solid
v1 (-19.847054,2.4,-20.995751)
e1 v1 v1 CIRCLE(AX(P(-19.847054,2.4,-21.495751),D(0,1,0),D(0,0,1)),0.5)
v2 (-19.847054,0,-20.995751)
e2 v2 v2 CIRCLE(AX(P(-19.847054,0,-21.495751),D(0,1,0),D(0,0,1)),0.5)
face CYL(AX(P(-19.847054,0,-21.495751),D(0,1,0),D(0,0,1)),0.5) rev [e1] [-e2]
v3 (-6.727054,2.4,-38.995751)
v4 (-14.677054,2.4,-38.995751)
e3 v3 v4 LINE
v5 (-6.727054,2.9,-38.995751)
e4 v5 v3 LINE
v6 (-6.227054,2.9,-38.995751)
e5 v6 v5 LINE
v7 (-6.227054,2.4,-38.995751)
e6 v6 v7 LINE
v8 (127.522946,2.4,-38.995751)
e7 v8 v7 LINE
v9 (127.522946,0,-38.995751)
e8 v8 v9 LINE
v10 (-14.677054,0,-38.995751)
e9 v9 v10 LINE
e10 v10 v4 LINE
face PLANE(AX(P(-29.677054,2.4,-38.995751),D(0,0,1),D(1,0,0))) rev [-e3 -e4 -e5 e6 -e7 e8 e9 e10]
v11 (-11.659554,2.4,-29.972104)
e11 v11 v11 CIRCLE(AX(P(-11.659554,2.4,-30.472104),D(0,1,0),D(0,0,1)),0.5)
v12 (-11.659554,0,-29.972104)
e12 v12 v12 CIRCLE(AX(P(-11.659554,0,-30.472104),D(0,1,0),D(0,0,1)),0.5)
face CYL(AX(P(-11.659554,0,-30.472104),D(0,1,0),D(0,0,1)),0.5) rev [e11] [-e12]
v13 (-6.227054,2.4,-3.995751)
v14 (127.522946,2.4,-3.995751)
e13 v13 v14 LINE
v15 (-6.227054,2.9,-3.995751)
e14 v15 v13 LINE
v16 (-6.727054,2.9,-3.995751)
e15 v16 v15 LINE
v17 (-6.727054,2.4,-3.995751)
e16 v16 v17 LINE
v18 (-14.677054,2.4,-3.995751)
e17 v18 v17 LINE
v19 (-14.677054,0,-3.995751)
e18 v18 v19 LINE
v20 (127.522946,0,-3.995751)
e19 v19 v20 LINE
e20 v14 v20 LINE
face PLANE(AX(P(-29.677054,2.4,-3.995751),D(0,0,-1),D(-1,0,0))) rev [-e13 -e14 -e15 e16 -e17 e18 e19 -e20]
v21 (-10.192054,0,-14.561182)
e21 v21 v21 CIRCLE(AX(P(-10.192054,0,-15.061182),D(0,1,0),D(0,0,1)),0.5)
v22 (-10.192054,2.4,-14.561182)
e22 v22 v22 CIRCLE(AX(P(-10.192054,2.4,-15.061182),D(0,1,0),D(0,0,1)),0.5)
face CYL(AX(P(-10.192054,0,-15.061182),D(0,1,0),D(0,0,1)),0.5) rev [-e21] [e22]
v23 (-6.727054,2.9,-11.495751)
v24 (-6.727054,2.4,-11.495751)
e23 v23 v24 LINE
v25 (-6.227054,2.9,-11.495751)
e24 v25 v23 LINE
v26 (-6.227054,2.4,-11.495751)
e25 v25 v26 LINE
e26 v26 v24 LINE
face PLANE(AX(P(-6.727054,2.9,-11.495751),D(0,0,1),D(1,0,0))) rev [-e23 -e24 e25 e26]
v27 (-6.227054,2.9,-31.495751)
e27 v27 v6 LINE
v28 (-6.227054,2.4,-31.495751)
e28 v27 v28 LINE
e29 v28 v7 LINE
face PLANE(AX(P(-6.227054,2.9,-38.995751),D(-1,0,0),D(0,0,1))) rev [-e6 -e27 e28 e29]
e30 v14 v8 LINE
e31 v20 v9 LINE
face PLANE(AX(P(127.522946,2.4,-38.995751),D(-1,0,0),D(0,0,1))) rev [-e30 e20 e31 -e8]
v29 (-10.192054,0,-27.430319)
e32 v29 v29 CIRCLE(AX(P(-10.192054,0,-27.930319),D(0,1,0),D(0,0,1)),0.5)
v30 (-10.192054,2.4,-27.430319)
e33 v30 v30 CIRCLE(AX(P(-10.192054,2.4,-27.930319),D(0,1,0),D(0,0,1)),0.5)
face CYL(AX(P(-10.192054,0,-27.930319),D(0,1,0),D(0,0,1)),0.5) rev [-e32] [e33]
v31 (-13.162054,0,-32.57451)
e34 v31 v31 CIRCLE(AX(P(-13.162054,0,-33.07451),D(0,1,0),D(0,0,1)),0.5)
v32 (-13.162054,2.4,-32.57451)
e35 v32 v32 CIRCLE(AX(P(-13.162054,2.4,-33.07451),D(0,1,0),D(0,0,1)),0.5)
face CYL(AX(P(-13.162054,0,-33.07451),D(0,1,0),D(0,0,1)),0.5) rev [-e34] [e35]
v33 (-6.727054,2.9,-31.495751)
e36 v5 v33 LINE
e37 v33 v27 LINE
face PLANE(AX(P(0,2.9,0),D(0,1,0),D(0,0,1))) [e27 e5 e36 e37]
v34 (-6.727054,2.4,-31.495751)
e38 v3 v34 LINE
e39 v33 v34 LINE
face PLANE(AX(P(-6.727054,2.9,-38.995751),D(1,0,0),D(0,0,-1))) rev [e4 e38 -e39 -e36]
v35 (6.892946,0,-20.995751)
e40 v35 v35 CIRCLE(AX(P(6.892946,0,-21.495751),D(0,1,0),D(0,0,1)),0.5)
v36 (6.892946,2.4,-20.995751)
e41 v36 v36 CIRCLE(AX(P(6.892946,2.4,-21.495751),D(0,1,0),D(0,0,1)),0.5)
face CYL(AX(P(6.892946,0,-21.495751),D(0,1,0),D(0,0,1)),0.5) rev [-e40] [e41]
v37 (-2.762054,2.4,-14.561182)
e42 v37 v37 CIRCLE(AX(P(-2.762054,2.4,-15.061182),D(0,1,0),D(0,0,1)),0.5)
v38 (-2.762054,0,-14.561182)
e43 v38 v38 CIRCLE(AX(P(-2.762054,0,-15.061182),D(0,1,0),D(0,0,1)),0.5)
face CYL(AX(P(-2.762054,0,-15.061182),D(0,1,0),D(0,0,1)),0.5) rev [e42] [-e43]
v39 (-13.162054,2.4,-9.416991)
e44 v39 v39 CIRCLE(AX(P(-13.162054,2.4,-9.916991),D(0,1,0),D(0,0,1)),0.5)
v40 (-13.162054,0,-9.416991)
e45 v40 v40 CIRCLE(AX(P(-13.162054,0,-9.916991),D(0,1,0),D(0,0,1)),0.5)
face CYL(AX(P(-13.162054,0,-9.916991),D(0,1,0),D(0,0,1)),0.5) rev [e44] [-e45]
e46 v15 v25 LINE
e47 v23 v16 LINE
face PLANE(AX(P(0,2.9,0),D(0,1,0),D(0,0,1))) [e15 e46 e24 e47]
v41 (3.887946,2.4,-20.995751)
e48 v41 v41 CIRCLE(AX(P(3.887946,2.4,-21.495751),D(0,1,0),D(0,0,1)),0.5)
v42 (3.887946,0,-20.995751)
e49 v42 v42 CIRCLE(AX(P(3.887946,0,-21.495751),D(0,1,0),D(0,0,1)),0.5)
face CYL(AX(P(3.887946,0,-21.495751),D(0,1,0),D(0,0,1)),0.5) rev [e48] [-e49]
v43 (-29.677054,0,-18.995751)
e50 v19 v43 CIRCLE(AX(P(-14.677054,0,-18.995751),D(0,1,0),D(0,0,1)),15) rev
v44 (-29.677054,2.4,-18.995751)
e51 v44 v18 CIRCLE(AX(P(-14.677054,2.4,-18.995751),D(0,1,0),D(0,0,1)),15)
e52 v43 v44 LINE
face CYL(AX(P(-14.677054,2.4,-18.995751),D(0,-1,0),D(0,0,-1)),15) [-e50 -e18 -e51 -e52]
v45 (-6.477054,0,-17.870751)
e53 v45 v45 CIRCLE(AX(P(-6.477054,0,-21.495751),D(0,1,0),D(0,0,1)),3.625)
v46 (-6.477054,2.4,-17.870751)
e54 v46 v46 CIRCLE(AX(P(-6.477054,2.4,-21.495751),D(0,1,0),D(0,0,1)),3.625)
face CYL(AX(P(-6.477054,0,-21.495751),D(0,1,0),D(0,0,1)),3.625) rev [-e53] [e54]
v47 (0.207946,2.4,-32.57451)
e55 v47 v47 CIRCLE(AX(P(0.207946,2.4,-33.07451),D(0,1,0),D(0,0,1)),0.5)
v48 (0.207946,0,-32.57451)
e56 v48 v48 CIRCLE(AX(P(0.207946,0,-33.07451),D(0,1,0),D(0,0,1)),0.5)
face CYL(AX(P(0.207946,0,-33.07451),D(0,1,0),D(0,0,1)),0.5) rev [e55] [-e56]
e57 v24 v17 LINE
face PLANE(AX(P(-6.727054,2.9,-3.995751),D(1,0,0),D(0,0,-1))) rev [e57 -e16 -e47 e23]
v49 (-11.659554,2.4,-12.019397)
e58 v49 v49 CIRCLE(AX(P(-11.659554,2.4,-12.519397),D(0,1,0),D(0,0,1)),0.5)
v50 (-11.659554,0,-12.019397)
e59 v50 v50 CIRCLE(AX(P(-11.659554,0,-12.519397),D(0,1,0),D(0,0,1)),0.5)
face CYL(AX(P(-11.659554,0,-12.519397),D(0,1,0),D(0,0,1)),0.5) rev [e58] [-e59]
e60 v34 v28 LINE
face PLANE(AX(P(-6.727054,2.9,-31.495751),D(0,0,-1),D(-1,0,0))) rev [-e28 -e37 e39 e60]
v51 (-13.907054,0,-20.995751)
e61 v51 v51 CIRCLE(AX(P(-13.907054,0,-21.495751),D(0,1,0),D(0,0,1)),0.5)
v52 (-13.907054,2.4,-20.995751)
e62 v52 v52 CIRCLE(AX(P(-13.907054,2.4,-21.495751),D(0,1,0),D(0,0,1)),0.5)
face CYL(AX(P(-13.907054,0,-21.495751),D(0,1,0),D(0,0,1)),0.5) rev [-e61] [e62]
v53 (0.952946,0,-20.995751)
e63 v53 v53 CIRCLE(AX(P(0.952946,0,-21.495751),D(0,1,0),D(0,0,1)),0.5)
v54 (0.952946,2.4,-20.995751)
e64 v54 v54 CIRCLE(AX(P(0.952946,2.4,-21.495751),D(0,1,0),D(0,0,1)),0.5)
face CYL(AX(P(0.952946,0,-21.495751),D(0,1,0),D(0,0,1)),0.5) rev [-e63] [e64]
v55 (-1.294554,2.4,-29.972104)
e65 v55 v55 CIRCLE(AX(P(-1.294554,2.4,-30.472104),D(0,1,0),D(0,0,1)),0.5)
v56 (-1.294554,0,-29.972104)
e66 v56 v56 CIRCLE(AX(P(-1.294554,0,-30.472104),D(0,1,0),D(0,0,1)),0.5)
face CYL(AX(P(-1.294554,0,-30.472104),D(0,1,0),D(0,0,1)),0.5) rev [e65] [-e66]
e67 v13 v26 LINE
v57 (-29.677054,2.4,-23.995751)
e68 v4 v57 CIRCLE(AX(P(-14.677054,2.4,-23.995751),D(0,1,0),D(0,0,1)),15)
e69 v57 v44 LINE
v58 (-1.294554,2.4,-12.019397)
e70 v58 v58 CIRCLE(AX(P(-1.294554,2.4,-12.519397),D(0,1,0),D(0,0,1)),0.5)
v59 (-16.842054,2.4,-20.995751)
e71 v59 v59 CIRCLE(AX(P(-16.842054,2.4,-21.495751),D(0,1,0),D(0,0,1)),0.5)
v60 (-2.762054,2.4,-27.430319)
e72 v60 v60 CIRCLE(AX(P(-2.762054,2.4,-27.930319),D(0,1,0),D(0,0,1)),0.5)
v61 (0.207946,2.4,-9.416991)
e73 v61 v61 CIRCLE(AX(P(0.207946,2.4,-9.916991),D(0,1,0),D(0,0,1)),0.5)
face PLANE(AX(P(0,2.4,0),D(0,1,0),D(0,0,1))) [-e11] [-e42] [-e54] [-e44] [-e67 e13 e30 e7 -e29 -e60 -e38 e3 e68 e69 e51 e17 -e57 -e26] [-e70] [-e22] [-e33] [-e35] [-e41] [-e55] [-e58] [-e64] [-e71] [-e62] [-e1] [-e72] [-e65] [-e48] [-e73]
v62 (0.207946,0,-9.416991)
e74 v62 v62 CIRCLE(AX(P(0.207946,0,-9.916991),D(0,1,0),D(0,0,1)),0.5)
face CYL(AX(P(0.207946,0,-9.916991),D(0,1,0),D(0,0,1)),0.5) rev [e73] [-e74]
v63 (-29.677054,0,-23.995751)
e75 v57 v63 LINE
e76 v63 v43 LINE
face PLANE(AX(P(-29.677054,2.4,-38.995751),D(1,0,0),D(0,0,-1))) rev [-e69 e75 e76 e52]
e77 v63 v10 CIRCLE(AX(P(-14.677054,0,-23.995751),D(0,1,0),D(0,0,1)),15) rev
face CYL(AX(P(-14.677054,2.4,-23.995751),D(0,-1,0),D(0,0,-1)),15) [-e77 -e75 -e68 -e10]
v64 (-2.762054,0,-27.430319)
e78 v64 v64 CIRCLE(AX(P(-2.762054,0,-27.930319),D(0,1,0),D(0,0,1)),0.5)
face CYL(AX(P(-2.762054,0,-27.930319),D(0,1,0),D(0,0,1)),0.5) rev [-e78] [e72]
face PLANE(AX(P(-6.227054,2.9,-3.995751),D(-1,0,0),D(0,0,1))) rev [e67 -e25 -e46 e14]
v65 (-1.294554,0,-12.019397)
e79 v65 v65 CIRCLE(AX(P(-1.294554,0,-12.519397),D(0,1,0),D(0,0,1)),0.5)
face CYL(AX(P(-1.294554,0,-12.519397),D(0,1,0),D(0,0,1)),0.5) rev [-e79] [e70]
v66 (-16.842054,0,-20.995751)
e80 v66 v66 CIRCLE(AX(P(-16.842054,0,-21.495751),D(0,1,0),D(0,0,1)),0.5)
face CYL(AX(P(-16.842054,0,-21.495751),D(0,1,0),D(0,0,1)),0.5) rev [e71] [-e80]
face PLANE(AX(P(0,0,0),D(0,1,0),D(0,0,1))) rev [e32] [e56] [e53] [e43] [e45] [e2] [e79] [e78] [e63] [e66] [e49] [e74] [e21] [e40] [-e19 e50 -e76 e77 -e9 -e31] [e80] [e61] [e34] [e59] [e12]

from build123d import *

# Parameters (mm, degrees)
SKETCH1_W           = 157.2
SKETCH1_H           = 35
BOSS_EXTRUDE1_DEPTH = 2.4
SKETCH2_R           = 3.625
SKETCH2_R_2         = 0.5
CUT_EXTRUDE1_DEPTH  = 2.4
SKETCH6_W           = 0.5
SKETCH6_H           = 7.5
BOSS_EXTRUDE3_DEPTH = 0.5
FILLET3_R           = 15


with BuildPart() as part:
    # Sketch1 → Boss-Extrude1 (new body)
    with BuildSketch(Plane(origin=(0, 0, 0), x_dir=(1, 0, 0), z_dir=(0, 1, 0))):
        with Locations((48.922946176, 21.495750708)):
            Rectangle(SKETCH1_W, SKETCH1_H)
    extrude(amount=BOSS_EXTRUDE1_DEPTH)

    # Sketch2 → Cut-Extrude1 (cut)
    with BuildSketch(Plane(origin=(0, 2.4, 0), x_dir=(1, 0, 0), z_dir=(0, 1, 0))):
        with Locations(Location((-6.477053824, 21.495750708, 0), (0, 0, 270))):
            Circle(SKETCH2_R)
        with Locations(Location((-13.907053824, 21.495750708, 0), (0, 0, 270))):
            Circle(SKETCH2_R_2)
        with Locations(Location((-16.842053824, 21.495750708, 0), (0, 0, 270))):
            Circle(SKETCH2_R_2)
        with Locations(Location((-19.847053824, 21.495750708, 0), (0, 0, 270))):
            Circle(SKETCH2_R_2)
        with Locations(Location((-10.192053824, 27.930319458, 0), (0, 0, 270))):
            Circle(SKETCH2_R_2)
        with Locations(Location((-11.659553824, 30.472104018, 0), (0, 0, 270))):
            Circle(SKETCH2_R_2)
        with Locations(Location((-13.162053824, 33.074510357, 0), (0, 0, 270))):
            Circle(SKETCH2_R_2)
        with Locations(Location((-2.762053824, 27.930319458, 0), (0, 0, 270))):
            Circle(SKETCH2_R_2)
        with Locations(Location((-1.294553824, 30.472104018, 0), (0, 0, 270))):
            Circle(SKETCH2_R_2)
        with Locations(Location((0.207946176, 33.074510357, 0), (0, 0, 270))):
            Circle(SKETCH2_R_2)
        with Locations(Location((0.952946176, 21.495750708, 0), (0, 0, 270))):
            Circle(SKETCH2_R_2)
        with Locations(Location((3.887946176, 21.495750708, 0), (0, 0, 270))):
            Circle(SKETCH2_R_2)
        with Locations(Location((6.892946176, 21.495750708, 0), (0, 0, 270))):
            Circle(SKETCH2_R_2)
        with Locations(Location((-2.762053824, 15.061181958, 0), (0, 0, 270))):
            Circle(SKETCH2_R_2)
        with Locations(Location((-1.294553824, 12.519397398, 0), (0, 0, 270))):
            Circle(SKETCH2_R_2)
        with Locations(Location((0.207946176, 9.91699106, 0), (0, 0, 270))):
            Circle(SKETCH2_R_2)
        with Locations(Location((-10.192053824, 15.061181958, 0), (0, 0, 270))):
            Circle(SKETCH2_R_2)
        with Locations(Location((-11.659553824, 12.519397398, 0), (0, 0, 270))):
            Circle(SKETCH2_R_2)
        with Locations(Location((-13.162053824, 9.91699106, 0), (0, 0, 270))):
            Circle(SKETCH2_R_2)
    extrude(amount=-CUT_EXTRUDE1_DEPTH, mode=Mode.SUBTRACT)

    # Sketch6 → Boss-Extrude3 (add)
    with BuildSketch(Plane(origin=(0, 2.4, 0), x_dir=(1, 0, 0), z_dir=(0, 1, 0))):
        with Locations((-6.477053824, 7.745750708)):
            Rectangle(SKETCH6_W, SKETCH6_H)
        with Locations((-6.477053824, 35.245750708)):
            Rectangle(SKETCH6_W, SKETCH6_H)
    extrude(amount=BOSS_EXTRUDE3_DEPTH)

    # Fillet3
    fillet3_edges = [part.edges().sort_by_distance(p)[0] for p in [
        (-29.677053824, 1.2, -38.995750708),
        (-29.677053824, 1.2, -3.995750708),
    ]]
    fillet(fillet3_edges, radius=FILLET3_R)


solid = part.part
